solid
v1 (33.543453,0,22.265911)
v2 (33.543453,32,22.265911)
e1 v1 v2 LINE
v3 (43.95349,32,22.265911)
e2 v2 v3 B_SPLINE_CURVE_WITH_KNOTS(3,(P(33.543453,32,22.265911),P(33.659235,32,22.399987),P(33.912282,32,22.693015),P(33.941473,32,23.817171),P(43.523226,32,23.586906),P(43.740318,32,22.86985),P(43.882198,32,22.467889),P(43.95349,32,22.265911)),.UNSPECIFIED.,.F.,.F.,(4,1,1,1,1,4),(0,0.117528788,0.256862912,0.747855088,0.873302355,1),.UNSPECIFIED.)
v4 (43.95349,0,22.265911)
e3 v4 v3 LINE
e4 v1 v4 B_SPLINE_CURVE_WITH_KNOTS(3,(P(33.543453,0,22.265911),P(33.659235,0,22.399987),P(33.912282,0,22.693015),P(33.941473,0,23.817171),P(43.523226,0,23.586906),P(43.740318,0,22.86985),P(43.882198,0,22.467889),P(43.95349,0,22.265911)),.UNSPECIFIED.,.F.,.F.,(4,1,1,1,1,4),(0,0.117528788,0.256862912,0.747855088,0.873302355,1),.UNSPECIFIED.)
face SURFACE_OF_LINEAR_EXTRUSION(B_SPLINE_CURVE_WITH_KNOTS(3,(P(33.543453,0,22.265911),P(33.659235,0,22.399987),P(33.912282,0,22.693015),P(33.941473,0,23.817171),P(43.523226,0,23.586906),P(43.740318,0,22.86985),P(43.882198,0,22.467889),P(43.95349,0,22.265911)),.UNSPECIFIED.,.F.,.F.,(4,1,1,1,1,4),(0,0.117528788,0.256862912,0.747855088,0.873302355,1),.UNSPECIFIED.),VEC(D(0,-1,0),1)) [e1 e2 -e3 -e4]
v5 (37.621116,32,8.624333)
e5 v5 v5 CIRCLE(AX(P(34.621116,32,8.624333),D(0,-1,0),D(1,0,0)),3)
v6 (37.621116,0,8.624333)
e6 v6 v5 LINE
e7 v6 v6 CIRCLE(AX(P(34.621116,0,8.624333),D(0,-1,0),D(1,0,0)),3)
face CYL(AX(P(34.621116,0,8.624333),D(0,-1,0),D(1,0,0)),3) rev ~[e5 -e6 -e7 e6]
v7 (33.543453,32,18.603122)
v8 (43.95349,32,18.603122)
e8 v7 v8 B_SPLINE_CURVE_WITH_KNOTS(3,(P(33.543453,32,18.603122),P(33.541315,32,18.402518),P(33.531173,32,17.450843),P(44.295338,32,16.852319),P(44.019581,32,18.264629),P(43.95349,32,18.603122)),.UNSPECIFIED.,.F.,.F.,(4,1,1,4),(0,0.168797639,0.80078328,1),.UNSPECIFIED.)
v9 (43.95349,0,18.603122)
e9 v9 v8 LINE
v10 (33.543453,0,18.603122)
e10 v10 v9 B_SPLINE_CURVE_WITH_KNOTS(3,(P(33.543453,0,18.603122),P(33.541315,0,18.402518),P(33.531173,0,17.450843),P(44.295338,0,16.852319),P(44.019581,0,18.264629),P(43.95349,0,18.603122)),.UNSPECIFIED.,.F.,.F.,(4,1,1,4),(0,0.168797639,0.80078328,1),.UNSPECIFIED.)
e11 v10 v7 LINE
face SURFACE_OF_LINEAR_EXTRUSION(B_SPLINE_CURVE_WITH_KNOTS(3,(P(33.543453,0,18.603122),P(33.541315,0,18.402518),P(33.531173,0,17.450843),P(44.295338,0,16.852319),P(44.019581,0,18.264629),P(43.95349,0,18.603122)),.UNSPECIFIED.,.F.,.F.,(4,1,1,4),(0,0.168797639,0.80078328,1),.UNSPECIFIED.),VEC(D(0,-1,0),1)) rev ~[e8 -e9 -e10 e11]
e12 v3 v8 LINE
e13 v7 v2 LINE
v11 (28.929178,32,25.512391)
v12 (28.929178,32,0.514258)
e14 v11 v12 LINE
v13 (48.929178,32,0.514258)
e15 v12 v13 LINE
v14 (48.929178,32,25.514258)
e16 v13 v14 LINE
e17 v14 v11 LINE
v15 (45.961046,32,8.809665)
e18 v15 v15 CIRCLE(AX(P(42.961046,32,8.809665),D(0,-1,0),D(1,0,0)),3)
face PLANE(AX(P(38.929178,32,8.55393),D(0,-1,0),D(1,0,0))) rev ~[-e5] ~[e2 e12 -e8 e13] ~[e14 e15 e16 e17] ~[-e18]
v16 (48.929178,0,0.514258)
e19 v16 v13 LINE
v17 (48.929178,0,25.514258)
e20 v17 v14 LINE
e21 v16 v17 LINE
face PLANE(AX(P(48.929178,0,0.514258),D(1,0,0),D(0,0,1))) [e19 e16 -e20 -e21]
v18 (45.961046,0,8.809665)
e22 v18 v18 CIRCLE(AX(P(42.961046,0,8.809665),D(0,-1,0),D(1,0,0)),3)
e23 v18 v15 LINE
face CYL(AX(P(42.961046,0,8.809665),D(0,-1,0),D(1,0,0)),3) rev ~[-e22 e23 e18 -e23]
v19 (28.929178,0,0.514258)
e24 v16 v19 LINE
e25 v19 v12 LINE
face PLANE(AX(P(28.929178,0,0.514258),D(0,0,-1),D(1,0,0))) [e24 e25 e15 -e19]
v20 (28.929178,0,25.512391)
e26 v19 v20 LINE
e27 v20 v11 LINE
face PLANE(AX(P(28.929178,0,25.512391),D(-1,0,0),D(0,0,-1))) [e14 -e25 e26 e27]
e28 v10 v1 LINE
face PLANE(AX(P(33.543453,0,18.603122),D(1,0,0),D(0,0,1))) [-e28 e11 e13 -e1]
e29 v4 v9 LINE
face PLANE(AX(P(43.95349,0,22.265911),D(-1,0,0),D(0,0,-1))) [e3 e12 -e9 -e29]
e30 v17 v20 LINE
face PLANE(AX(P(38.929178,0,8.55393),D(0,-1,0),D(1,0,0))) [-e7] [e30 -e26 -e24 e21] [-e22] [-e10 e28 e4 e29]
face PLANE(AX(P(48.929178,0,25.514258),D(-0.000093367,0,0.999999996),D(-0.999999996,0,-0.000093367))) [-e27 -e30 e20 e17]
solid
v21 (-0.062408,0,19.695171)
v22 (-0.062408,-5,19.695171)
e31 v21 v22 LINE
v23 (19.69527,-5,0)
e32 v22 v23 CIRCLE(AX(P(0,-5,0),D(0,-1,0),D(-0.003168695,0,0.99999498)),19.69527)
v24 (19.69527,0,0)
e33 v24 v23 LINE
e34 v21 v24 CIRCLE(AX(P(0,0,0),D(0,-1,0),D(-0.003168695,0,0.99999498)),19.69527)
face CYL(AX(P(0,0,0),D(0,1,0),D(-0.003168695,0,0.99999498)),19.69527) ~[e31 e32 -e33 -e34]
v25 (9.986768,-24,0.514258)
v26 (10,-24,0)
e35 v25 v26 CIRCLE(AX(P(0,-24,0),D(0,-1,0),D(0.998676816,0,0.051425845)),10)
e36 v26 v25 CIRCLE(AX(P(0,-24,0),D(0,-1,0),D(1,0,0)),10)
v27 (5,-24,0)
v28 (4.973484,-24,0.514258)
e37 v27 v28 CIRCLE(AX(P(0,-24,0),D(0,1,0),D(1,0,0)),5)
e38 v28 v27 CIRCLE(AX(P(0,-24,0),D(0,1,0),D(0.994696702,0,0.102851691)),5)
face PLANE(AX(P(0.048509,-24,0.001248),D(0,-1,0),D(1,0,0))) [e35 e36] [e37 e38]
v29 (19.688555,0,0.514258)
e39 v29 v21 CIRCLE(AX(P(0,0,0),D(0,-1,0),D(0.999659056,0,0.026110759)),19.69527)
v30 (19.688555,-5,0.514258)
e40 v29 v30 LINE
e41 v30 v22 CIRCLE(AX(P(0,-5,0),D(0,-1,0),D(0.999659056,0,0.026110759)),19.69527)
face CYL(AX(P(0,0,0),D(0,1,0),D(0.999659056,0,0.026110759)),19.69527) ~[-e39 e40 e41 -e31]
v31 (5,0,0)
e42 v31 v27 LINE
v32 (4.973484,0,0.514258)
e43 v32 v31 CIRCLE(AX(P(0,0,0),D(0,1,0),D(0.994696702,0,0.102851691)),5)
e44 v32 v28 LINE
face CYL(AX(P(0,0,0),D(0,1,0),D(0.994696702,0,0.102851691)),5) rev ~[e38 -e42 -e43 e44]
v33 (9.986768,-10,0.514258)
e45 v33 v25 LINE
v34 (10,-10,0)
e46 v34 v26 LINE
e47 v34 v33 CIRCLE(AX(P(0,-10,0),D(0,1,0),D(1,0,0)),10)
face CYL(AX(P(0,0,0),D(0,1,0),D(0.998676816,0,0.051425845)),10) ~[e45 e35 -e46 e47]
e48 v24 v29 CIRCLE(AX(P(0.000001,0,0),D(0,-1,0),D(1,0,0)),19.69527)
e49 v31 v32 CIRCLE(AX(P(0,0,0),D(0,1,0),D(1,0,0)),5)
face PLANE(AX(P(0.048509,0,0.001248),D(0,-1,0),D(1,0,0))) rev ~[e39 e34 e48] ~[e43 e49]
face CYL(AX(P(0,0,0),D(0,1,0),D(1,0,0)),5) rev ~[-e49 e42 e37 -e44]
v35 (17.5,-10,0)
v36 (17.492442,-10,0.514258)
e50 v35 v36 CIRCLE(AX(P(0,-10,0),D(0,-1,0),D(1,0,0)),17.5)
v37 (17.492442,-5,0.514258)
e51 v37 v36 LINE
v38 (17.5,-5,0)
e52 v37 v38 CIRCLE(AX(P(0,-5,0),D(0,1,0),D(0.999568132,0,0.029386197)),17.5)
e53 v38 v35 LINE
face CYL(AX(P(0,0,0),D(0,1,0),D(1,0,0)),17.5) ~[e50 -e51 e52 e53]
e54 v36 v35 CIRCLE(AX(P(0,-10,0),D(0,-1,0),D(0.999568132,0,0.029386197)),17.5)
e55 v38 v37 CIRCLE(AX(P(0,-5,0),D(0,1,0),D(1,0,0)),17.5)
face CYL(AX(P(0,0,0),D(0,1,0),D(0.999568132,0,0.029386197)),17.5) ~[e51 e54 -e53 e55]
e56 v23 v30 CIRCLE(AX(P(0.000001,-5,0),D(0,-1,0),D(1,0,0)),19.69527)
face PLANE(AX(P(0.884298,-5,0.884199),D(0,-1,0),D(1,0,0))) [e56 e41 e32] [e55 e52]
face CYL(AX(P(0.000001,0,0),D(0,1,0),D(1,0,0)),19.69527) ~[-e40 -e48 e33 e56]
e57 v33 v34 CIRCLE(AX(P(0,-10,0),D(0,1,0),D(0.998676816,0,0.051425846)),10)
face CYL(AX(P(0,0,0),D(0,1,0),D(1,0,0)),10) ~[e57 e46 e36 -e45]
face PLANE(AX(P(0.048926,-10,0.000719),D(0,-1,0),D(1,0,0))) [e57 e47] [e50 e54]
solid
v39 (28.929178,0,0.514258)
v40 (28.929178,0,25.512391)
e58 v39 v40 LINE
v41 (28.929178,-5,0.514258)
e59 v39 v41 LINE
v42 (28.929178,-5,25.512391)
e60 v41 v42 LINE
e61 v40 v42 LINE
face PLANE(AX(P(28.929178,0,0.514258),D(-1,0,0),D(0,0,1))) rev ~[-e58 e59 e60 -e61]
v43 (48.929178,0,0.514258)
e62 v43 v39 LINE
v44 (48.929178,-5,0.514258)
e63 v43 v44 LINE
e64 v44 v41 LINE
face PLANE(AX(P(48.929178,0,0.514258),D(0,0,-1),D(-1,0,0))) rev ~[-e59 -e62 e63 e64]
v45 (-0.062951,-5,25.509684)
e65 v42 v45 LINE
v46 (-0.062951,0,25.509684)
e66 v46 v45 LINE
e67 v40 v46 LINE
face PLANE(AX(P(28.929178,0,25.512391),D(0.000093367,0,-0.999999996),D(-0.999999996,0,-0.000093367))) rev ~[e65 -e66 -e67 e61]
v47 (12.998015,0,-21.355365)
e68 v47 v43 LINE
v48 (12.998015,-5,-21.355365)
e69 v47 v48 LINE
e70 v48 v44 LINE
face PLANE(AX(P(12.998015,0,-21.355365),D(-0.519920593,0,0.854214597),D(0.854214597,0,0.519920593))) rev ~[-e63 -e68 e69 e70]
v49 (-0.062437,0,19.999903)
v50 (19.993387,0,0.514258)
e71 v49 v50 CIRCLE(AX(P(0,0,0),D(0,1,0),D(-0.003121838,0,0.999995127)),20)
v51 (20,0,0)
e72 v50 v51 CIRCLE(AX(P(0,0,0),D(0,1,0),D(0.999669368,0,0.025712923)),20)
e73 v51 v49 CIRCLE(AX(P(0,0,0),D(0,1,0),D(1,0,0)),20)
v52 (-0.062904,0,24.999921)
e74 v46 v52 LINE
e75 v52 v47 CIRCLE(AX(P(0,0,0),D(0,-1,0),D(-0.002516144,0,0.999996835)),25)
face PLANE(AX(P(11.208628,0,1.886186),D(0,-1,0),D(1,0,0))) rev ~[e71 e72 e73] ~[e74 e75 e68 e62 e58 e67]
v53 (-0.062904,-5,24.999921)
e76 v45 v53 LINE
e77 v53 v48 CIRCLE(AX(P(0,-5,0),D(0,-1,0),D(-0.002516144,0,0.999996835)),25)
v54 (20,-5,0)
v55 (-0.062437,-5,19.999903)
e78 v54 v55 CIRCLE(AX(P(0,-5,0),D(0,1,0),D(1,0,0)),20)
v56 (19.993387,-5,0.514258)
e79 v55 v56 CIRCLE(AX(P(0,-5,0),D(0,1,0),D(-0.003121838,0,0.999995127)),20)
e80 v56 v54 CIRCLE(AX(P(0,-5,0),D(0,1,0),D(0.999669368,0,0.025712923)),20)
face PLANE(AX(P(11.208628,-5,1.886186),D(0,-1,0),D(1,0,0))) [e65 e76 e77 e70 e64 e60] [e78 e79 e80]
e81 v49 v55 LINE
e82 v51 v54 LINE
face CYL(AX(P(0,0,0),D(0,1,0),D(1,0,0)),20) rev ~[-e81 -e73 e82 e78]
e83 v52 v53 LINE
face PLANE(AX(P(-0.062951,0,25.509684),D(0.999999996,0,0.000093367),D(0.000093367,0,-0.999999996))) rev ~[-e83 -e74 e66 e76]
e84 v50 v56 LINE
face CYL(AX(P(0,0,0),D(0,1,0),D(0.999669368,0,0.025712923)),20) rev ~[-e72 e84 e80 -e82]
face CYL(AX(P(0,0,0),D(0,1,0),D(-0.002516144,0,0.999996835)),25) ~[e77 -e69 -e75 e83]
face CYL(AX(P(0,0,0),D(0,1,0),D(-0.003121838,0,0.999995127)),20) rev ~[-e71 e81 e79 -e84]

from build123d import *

# Parameters (mm, degrees)
F1_DEPTH = 5
F2_DEPTH = 10
F3_DEPTH = 24
F4_DEPTH = 5
F0_W     = 19.9999999128
F0_H     = 16.0793430998
F0_R     = 3
F5_DEPTH = 32


with BuildPart() as f1:
    # F0 (on Front) → F1 (new body)
    with BuildSketch(Plane.XZ):
        with BuildLine():
            ThreePointArc((19.6885552701, 0.5142584548), (13.7212705794, 14.1290623918), (-0.0624083048, 19.6951713774))
            ThreePointArc((-0.0624083048, 19.6951713774), (-13.9045769794, -13.9487063704), (19.6952702541, 0))
            ThreePointArc((19.6952702541, 0), (19.6935914366, 0.2571511469), (19.6885552701, 0.5142584548))
        make_face()
        with BuildLine():
            ThreePointArc((17.5, 0), (-17.4981104774, -0.2571569934), (17.4924423178, 0.5142584548))
            ThreePointArc((17.4924423178, 0.5142584548), (17.4981104774, 0.2571569934), (17.5, 0))
        make_face(mode=Mode.SUBTRACT)
    extrude(amount=F1_DEPTH)

    # F0 (on Front) → F2 (join)
    with BuildSketch(Plane.XZ):
        with BuildLine():
            ThreePointArc((17.5, 0), (17.4981104774, 0.2571569934), (17.4924423178, 0.5142584548))
            ThreePointArc((17.4924423178, 0.5142584548), (-17.4981104774, -0.2571569934), (17.5, 0))
        make_face()
        with BuildLine():
            ThreePointArc((10, 0), (-9.9966914922, -0.257214327), (9.986768158, 0.5142584548))
            ThreePointArc((9.986768158, 0.5142584548), (9.9966914922, 0.257214327), (10, 0))
        make_face(mode=Mode.SUBTRACT)
    extrude(amount=F2_DEPTH)

    # F0 (on Front) → F3 (join)
    with BuildSketch(Plane.XZ):
        with BuildLine():
            ThreePointArc((10, 0), (9.9966914922, 0.257214327), (9.986768158, 0.5142584548))
            ThreePointArc((9.986768158, 0.5142584548), (-9.9966914922, -0.257214327), (10, 0))
        make_face()
        with BuildLine():
            ThreePointArc((5, 0), (-4.9933664776, -0.2574708151), (4.9734835117, 0.5142584548))
            ThreePointArc((4.9734835117, 0.5142584548), (4.9933664776, 0.2574708151), (5, 0))
        make_face(mode=Mode.SUBTRACT)
    extrude(amount=F3_DEPTH)


with BuildPart() as f4:
    # F0 (on Front) → F4 (new body)
    with BuildSketch(Plane.XZ):
        with BuildLine():
            Line((48.9291776827, 0.5142584548), (28.9291777699, 0.5142584548))
            Line((28.9291777699, 0.5142584548), (28.9291777699, 16.5936015546))
            Line((28.9291777699, 16.5936015546), (28.9291777699, 25.5123911165))
            Line((28.9291777699, 25.5123911165), (-0.062951188, 25.5096842107))
            Line((-0.062951188, 25.5096842107), (-0.062903593, 24.9999208626))
            ThreePointArc((-0.062903593, 24.9999208626), (-24.0630921848, -6.7799405976), (12.9980148264, -21.3553649131))
            Line((12.9980148264, -21.3553649131), (48.9291776827, 0.5142584548))
        make_face()
        with BuildLine():
            ThreePointArc((20, 0), (-14.1200436413, -14.1641931492), (-0.0624367567, 19.999902541))
            ThreePointArc((-0.0624367567, 19.999902541), (13.936760003, 14.3445711201), (19.9933873629, 0.5142584548))
            ThreePointArc((19.9933873629, 0.5142584548), (19.9983467724, 0.2571504838), (20, 0))
        make_face(mode=Mode.SUBTRACT)
    extrude(amount=F4_DEPTH)

    # F0 (on Front) → F5 (join)
    with BuildSketch(Plane.XZ):
        with Locations((38.9291777263, 8.5539300047)):
            Rectangle(F0_W, F0_H)
        with Locations((34.6211157739, 8.624332957)):
            Circle(F0_R, mode=Mode.SUBTRACT)
        with Locations((42.9610460997, 8.809665218)):
            Circle(F0_R, mode=Mode.SUBTRACT)
        Polygon((28.9291777699, 25.5123911165), (28.9291777699, 16.5936015546), (48.9291776827, 16.5936015546), (48.9291776827, 25.5142584548), align=None)
        with BuildLine():
            Line((33.5434526205, 18.6031218618), (33.5434526205, 22.2659111023))
            add(Edge.make_bspline(
                [(33.5434526205, 22.2659111023), (33.6592351355, 22.3999873246), (33.9122815123, 22.6930151819), (33.941472744, 23.8171713388), (43.5232256, 23.5869056558), (43.7403175902, 22.869850346), (43.8821976786, 22.467888622), (43.9534895122, 22.2659111023)],
                knots=[0, 0, 0, 0, 0.1175287878, 0.2568629118, 0.7478550882, 0.8733023548, 1, 1, 1, 1], degree=3))
            Line((43.9534895122, 22.2659111023), (43.9534895122, 18.6031218618))
            add(Edge.make_bspline(
                [(33.5434526205, 18.6031218618), (33.5413148269, 18.4025177074), (33.5311730419, 17.4508429484), (44.2953377816, 16.8523187746), (44.019580962, 18.2646292475), (43.9534895122, 18.6031218618)],
                knots=[0, 0, 0, 0, 0.1687976394, 0.80078328, 1, 1, 1, 1], degree=3))
        make_face(mode=Mode.SUBTRACT)
    extrude(amount=-F5_DEPTH)


solid = Compound([f1.part, f4.part])
